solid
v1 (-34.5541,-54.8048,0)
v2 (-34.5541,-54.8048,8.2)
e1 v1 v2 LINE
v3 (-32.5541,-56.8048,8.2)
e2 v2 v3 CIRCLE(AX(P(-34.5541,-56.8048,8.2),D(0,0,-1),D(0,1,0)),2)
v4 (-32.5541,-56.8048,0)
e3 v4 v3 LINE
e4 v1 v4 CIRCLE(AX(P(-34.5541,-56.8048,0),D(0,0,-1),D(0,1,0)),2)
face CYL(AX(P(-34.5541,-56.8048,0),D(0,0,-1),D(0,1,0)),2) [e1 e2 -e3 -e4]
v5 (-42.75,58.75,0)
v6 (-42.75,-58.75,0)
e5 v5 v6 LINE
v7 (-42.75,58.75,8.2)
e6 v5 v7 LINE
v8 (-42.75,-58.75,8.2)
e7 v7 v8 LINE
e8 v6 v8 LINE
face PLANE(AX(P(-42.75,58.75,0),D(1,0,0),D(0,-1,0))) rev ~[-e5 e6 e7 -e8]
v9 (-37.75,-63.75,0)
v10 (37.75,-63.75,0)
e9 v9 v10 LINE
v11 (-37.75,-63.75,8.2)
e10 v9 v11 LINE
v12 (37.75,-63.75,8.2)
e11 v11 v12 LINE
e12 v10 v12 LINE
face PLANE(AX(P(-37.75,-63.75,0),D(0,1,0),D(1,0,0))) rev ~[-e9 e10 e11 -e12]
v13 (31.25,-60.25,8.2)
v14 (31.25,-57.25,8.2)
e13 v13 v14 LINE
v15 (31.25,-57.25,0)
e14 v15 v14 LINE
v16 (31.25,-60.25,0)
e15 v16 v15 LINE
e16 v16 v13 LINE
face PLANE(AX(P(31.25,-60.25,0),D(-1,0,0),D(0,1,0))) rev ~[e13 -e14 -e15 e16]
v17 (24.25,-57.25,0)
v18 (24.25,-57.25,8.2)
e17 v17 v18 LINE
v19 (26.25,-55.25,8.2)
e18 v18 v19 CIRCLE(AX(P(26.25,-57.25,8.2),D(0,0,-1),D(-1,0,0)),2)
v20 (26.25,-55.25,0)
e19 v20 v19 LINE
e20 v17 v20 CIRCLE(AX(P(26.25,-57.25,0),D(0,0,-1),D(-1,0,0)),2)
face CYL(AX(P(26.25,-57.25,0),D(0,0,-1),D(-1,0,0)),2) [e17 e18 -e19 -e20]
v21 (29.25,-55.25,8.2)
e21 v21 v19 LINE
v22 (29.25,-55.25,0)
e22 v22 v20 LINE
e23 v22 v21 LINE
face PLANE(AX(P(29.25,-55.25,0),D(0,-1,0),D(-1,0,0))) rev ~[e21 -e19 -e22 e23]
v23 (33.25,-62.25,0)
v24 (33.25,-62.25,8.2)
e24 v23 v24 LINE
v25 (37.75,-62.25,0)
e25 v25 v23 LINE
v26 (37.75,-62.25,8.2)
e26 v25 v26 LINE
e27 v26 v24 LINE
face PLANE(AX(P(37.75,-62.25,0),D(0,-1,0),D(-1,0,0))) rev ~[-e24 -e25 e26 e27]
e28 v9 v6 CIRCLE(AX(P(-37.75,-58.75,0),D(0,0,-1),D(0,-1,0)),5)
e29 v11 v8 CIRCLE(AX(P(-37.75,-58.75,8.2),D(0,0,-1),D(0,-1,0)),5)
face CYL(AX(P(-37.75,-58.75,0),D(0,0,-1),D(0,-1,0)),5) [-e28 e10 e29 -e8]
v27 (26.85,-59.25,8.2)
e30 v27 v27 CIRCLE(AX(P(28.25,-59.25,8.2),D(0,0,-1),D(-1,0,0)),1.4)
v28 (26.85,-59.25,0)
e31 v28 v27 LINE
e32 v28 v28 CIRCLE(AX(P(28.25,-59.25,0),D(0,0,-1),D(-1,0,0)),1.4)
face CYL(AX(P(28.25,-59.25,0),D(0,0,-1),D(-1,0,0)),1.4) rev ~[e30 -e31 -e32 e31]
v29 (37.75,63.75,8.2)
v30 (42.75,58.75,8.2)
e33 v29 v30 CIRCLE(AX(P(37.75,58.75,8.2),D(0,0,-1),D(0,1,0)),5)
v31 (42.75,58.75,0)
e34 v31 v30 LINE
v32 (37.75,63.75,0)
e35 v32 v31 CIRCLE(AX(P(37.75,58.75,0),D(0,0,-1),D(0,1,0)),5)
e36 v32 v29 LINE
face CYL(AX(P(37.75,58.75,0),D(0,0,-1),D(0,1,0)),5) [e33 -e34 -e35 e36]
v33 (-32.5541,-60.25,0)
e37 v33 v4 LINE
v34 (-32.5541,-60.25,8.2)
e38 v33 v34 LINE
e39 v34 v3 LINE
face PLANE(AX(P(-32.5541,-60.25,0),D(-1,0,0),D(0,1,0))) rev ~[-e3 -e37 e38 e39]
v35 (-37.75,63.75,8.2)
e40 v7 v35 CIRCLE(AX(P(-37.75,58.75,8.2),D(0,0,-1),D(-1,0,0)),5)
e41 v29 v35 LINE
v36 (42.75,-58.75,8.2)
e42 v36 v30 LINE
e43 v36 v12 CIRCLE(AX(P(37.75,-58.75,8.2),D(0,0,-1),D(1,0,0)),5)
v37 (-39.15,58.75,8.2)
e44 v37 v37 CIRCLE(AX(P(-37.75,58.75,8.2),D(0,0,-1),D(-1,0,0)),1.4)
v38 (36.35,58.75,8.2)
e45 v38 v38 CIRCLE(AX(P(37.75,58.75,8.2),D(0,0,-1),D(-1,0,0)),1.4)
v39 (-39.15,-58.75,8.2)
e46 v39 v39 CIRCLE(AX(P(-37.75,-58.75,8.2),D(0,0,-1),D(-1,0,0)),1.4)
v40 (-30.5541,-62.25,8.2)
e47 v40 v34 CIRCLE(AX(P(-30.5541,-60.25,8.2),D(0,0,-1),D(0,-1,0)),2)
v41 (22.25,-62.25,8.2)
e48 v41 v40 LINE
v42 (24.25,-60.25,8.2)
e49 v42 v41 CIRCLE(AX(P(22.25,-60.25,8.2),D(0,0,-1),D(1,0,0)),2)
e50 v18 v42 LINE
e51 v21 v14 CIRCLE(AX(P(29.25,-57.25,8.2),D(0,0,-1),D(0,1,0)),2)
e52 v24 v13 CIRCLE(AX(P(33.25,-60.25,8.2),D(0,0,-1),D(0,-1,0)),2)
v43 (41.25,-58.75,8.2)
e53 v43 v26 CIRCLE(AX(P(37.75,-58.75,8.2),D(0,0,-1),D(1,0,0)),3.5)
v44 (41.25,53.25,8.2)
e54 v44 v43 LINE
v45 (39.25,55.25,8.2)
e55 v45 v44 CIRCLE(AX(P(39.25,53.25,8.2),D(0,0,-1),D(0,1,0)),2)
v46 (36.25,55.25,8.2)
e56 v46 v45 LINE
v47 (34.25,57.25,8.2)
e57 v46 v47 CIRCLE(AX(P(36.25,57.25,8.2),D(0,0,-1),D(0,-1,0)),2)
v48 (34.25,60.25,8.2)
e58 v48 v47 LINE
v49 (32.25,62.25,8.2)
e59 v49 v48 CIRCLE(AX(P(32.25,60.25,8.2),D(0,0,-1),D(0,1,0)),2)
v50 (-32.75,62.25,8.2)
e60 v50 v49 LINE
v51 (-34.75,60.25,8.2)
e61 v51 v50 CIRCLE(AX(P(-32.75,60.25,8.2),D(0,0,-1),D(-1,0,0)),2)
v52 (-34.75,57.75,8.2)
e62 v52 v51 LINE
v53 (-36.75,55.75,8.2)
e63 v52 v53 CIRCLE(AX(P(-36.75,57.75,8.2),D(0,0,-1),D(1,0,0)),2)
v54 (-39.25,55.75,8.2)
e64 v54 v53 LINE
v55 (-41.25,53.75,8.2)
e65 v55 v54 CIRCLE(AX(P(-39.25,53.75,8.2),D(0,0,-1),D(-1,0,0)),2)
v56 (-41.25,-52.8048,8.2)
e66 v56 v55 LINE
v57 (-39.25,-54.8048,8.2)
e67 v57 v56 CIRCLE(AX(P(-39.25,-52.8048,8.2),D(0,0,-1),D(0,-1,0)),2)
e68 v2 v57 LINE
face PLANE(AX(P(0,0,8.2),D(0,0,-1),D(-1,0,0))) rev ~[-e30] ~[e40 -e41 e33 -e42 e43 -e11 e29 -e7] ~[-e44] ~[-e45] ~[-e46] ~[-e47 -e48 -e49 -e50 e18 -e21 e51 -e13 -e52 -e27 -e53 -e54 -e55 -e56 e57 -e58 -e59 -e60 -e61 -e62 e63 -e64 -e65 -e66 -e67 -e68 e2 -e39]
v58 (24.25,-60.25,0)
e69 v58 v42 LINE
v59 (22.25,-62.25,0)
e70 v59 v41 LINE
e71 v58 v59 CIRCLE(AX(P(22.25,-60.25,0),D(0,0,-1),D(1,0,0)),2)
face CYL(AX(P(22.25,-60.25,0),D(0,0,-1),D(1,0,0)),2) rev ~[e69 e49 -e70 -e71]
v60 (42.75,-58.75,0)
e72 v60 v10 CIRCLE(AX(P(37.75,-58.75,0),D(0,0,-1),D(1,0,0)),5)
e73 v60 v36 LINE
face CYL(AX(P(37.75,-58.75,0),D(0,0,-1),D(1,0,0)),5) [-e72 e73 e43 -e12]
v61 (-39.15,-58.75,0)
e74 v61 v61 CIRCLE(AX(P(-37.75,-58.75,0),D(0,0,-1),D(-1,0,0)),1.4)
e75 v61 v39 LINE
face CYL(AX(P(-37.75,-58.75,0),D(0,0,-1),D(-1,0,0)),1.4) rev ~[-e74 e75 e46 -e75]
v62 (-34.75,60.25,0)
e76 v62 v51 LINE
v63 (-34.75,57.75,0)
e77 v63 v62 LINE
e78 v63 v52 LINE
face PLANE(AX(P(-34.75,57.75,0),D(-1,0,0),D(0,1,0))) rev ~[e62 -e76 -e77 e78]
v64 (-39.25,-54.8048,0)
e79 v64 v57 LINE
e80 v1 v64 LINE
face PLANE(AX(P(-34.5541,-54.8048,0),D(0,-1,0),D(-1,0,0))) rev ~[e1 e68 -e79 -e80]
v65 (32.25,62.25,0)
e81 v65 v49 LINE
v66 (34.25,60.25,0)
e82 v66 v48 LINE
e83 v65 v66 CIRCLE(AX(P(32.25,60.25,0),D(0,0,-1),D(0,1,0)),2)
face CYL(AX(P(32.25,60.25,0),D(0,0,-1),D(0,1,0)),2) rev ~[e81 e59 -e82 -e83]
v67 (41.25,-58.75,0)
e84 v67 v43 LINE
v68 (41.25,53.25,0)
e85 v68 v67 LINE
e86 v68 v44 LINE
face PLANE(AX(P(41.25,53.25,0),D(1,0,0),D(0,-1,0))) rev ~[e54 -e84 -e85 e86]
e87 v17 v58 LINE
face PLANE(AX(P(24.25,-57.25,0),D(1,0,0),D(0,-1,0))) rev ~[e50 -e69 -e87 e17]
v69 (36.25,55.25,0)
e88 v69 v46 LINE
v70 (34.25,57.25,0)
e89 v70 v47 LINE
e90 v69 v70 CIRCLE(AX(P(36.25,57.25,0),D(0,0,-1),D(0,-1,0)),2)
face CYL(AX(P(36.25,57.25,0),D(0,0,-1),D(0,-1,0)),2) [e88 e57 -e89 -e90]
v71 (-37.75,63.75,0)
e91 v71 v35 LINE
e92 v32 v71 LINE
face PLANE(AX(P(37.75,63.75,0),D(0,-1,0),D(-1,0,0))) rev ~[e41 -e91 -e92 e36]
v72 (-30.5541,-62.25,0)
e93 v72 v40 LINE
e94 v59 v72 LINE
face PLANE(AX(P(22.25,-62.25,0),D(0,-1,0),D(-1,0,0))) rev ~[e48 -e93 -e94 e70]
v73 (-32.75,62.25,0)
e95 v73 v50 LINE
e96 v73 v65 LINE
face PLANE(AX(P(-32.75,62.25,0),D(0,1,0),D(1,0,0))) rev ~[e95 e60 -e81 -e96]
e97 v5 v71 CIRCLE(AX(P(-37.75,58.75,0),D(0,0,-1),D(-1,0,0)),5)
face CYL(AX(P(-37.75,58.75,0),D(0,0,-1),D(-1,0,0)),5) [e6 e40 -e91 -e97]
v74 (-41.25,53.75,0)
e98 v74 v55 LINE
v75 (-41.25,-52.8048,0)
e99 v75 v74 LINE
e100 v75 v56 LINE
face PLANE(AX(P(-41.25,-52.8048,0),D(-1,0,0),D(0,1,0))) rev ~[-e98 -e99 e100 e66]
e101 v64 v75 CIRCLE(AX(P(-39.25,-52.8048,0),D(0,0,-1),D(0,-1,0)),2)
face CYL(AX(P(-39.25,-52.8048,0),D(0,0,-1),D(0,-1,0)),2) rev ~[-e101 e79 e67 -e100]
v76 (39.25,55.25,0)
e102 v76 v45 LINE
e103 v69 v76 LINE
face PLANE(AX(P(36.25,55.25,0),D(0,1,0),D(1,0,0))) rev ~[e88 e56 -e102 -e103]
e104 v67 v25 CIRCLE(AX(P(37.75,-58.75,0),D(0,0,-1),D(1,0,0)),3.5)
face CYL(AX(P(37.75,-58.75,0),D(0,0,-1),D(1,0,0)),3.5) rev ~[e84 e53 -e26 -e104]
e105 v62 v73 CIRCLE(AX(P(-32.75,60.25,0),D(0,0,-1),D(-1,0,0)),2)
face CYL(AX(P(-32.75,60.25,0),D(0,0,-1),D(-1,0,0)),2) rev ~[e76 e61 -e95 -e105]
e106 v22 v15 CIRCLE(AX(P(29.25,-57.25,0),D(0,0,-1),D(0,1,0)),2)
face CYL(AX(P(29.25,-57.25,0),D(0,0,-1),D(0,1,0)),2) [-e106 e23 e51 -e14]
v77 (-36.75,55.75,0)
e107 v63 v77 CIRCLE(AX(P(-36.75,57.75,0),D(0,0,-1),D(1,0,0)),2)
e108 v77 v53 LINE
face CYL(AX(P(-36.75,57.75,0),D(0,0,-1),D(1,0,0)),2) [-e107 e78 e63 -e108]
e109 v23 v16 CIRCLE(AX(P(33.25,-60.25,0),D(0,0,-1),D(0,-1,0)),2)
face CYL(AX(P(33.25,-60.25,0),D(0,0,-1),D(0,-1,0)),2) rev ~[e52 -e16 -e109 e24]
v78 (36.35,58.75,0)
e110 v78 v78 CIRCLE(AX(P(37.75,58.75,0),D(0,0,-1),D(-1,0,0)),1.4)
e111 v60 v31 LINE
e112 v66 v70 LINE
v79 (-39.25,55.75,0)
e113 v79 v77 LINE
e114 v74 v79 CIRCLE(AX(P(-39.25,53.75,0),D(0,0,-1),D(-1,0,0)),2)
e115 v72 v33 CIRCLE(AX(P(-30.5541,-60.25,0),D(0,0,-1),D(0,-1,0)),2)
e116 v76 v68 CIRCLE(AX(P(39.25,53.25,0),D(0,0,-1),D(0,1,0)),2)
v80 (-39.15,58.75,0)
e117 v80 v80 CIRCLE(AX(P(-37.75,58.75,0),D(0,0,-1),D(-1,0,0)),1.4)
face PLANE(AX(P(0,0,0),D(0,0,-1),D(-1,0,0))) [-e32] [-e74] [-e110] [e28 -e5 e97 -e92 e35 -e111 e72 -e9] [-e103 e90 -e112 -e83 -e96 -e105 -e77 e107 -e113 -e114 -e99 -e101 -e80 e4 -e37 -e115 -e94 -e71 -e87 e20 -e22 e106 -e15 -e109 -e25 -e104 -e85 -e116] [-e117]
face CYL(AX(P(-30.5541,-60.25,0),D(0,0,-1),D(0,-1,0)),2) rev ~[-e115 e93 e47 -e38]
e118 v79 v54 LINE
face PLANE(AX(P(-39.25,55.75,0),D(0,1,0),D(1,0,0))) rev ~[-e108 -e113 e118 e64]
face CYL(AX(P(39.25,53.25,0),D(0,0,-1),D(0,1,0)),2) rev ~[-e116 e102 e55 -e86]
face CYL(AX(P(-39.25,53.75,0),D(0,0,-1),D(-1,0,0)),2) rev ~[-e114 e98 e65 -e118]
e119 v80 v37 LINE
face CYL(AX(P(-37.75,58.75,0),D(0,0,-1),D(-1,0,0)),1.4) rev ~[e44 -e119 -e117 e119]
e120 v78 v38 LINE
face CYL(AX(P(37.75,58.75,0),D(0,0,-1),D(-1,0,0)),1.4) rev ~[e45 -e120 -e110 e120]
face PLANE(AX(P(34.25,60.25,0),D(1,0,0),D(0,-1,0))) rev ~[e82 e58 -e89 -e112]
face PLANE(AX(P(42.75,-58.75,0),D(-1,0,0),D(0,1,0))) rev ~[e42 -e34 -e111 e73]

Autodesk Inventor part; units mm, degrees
ref_plane "YZ Plane" through (0, 0, 0) normal (1, 0, 0) x (0, 1, 0)
ref_plane "XZ Plane" through (0, 0, 0) normal (0, 1, 0) x (-1, 0, 0)
ref_plane "XY Plane" through (0, 0, 0) normal (0, 0, 1) x (1, 0, 0)
ref_plane "Arbeitsebene1" through (0, 0, 0) normal (0, 0, -1) x (-1, 0, 0)
sketch "Skizze1" plane through (0, 0, 0) normal (0, 0, -1) x (-1, 0, 0)
  arc A0 (34.75, 57.75) -> (36.75, 55.75) centre (36.75, 57.75) ccw projected
  line L0 (34.75, 57.75) -> (34.75, 60.25) projected
  arc A1 (34.75, 60.25) -> (32.75, 62.25) centre (32.75, 60.25) ccw projected
  line L1 (32.75, 62.25) -> (-32.25, 62.25) projected
  arc A2 (-32.25, 62.25) -> (-34.25, 60.25) centre (-32.25, 60.25) ccw projected
  line L2 (-34.25, 60.25) -> (-34.25, 57.25) projected
  arc A3 (-36.25, 55.25) -> (-34.25, 57.25) centre (-36.25, 57.25) ccw projected
  line L3 (-36.25, 55.25) -> (-39.25, 55.25) projected
  arc A4 (-39.25, 55.25) -> (-41.25, 53.25) centre (-39.25, 53.25) ccw projected
  line L4 (-41.25, 53.25) -> (-41.25, -58.75) projected
  arc A5 (-41.25, -58.75) -> (-37.75, -62.25) centre (-37.75, -58.75) ccw projected
  line L5 (-37.75, -62.25) -> (-33.25, -62.25) projected
  arc A6 (-33.25, -62.25) -> (-31.25, -60.25) centre (-33.25, -60.25) ccw projected
  line L6 (-31.25, -60.25) -> (-31.25, -57.25) projected
  arc A7 (-29.25, -55.25) -> (-31.25, -57.25) centre (-29.25, -57.25) ccw projected
  line L7 (-29.25, -55.25) -> (-26.25, -55.25) projected
  arc A8 (-24.25, -57.25) -> (-26.25, -55.25) centre (-26.25, -57.25) ccw projected
  line L8 (-24.25, -57.25) -> (-24.25, -60.25) projected
  arc A9 (-24.25, -60.25) -> (-22.25, -62.25) centre (-22.25, -60.25) ccw projected
  line L9 (-22.25, -62.25) -> (30.5541, -62.25) projected
  arc A10 (30.5541, -62.25) -> (32.5541, -60.25) centre (30.5541, -60.25) ccw projected
  line L10 (32.5541, -60.25) -> (32.5541, -56.8048) projected
  arc A11 (34.5541, -54.8048) -> (32.5541, -56.8048) centre (34.5541, -56.8048) ccw projected
  line L11 (34.5541, -54.8048) -> (39.25, -54.8048) projected
  arc A12 (39.25, -54.8048) -> (41.25, -52.8048) centre (39.25, -52.8048) ccw projected
  line L12 (41.25, -52.8048) -> (41.25, 53.75) projected
  arc A13 (41.25, 53.75) -> (39.25, 55.75) centre (39.25, 53.75) ccw projected
  line L13 (39.25, 55.75) -> (36.75, 55.75) projected
  line L14 (-42.75, -58.75) -> (-42.75, 58.75) projected
  arc A14 (-37.75, 63.75) -> (-42.75, 58.75) centre (-37.75, 58.75) ccw projected
  line L15 (-37.75, 63.75) -> (37.75, 63.75) projected
  arc A15 (42.75, 58.75) -> (37.75, 63.75) centre (37.75, 58.75) ccw projected
  line L16 (42.75, 58.75) -> (42.75, -58.75) projected
  arc A16 (37.75, -63.75) -> (42.75, -58.75) centre (37.75, -58.75) ccw projected
  line L17 (37.75, -63.75) -> (-37.75, -63.75) projected
  arc A17 (-42.75, -58.75) -> (-37.75, -63.75) centre (-37.75, -58.75) ccw projected
  circle A18 centre (37.75, 58.75) radius 1.4 projected
  circle A19 centre (37.75, -58.75) radius 1.4 projected
  circle A20 centre (-37.75, 58.75) radius 1.4 projected
  circle A21 centre (-28.25, -59.25) radius 1.4 projected
  point P0 (0, 0)
extrude "Extrusion1" add sketch "Skizze1" against normal blind 8.2
properties part number "Omniscope_sidewall_spacer_v0"
